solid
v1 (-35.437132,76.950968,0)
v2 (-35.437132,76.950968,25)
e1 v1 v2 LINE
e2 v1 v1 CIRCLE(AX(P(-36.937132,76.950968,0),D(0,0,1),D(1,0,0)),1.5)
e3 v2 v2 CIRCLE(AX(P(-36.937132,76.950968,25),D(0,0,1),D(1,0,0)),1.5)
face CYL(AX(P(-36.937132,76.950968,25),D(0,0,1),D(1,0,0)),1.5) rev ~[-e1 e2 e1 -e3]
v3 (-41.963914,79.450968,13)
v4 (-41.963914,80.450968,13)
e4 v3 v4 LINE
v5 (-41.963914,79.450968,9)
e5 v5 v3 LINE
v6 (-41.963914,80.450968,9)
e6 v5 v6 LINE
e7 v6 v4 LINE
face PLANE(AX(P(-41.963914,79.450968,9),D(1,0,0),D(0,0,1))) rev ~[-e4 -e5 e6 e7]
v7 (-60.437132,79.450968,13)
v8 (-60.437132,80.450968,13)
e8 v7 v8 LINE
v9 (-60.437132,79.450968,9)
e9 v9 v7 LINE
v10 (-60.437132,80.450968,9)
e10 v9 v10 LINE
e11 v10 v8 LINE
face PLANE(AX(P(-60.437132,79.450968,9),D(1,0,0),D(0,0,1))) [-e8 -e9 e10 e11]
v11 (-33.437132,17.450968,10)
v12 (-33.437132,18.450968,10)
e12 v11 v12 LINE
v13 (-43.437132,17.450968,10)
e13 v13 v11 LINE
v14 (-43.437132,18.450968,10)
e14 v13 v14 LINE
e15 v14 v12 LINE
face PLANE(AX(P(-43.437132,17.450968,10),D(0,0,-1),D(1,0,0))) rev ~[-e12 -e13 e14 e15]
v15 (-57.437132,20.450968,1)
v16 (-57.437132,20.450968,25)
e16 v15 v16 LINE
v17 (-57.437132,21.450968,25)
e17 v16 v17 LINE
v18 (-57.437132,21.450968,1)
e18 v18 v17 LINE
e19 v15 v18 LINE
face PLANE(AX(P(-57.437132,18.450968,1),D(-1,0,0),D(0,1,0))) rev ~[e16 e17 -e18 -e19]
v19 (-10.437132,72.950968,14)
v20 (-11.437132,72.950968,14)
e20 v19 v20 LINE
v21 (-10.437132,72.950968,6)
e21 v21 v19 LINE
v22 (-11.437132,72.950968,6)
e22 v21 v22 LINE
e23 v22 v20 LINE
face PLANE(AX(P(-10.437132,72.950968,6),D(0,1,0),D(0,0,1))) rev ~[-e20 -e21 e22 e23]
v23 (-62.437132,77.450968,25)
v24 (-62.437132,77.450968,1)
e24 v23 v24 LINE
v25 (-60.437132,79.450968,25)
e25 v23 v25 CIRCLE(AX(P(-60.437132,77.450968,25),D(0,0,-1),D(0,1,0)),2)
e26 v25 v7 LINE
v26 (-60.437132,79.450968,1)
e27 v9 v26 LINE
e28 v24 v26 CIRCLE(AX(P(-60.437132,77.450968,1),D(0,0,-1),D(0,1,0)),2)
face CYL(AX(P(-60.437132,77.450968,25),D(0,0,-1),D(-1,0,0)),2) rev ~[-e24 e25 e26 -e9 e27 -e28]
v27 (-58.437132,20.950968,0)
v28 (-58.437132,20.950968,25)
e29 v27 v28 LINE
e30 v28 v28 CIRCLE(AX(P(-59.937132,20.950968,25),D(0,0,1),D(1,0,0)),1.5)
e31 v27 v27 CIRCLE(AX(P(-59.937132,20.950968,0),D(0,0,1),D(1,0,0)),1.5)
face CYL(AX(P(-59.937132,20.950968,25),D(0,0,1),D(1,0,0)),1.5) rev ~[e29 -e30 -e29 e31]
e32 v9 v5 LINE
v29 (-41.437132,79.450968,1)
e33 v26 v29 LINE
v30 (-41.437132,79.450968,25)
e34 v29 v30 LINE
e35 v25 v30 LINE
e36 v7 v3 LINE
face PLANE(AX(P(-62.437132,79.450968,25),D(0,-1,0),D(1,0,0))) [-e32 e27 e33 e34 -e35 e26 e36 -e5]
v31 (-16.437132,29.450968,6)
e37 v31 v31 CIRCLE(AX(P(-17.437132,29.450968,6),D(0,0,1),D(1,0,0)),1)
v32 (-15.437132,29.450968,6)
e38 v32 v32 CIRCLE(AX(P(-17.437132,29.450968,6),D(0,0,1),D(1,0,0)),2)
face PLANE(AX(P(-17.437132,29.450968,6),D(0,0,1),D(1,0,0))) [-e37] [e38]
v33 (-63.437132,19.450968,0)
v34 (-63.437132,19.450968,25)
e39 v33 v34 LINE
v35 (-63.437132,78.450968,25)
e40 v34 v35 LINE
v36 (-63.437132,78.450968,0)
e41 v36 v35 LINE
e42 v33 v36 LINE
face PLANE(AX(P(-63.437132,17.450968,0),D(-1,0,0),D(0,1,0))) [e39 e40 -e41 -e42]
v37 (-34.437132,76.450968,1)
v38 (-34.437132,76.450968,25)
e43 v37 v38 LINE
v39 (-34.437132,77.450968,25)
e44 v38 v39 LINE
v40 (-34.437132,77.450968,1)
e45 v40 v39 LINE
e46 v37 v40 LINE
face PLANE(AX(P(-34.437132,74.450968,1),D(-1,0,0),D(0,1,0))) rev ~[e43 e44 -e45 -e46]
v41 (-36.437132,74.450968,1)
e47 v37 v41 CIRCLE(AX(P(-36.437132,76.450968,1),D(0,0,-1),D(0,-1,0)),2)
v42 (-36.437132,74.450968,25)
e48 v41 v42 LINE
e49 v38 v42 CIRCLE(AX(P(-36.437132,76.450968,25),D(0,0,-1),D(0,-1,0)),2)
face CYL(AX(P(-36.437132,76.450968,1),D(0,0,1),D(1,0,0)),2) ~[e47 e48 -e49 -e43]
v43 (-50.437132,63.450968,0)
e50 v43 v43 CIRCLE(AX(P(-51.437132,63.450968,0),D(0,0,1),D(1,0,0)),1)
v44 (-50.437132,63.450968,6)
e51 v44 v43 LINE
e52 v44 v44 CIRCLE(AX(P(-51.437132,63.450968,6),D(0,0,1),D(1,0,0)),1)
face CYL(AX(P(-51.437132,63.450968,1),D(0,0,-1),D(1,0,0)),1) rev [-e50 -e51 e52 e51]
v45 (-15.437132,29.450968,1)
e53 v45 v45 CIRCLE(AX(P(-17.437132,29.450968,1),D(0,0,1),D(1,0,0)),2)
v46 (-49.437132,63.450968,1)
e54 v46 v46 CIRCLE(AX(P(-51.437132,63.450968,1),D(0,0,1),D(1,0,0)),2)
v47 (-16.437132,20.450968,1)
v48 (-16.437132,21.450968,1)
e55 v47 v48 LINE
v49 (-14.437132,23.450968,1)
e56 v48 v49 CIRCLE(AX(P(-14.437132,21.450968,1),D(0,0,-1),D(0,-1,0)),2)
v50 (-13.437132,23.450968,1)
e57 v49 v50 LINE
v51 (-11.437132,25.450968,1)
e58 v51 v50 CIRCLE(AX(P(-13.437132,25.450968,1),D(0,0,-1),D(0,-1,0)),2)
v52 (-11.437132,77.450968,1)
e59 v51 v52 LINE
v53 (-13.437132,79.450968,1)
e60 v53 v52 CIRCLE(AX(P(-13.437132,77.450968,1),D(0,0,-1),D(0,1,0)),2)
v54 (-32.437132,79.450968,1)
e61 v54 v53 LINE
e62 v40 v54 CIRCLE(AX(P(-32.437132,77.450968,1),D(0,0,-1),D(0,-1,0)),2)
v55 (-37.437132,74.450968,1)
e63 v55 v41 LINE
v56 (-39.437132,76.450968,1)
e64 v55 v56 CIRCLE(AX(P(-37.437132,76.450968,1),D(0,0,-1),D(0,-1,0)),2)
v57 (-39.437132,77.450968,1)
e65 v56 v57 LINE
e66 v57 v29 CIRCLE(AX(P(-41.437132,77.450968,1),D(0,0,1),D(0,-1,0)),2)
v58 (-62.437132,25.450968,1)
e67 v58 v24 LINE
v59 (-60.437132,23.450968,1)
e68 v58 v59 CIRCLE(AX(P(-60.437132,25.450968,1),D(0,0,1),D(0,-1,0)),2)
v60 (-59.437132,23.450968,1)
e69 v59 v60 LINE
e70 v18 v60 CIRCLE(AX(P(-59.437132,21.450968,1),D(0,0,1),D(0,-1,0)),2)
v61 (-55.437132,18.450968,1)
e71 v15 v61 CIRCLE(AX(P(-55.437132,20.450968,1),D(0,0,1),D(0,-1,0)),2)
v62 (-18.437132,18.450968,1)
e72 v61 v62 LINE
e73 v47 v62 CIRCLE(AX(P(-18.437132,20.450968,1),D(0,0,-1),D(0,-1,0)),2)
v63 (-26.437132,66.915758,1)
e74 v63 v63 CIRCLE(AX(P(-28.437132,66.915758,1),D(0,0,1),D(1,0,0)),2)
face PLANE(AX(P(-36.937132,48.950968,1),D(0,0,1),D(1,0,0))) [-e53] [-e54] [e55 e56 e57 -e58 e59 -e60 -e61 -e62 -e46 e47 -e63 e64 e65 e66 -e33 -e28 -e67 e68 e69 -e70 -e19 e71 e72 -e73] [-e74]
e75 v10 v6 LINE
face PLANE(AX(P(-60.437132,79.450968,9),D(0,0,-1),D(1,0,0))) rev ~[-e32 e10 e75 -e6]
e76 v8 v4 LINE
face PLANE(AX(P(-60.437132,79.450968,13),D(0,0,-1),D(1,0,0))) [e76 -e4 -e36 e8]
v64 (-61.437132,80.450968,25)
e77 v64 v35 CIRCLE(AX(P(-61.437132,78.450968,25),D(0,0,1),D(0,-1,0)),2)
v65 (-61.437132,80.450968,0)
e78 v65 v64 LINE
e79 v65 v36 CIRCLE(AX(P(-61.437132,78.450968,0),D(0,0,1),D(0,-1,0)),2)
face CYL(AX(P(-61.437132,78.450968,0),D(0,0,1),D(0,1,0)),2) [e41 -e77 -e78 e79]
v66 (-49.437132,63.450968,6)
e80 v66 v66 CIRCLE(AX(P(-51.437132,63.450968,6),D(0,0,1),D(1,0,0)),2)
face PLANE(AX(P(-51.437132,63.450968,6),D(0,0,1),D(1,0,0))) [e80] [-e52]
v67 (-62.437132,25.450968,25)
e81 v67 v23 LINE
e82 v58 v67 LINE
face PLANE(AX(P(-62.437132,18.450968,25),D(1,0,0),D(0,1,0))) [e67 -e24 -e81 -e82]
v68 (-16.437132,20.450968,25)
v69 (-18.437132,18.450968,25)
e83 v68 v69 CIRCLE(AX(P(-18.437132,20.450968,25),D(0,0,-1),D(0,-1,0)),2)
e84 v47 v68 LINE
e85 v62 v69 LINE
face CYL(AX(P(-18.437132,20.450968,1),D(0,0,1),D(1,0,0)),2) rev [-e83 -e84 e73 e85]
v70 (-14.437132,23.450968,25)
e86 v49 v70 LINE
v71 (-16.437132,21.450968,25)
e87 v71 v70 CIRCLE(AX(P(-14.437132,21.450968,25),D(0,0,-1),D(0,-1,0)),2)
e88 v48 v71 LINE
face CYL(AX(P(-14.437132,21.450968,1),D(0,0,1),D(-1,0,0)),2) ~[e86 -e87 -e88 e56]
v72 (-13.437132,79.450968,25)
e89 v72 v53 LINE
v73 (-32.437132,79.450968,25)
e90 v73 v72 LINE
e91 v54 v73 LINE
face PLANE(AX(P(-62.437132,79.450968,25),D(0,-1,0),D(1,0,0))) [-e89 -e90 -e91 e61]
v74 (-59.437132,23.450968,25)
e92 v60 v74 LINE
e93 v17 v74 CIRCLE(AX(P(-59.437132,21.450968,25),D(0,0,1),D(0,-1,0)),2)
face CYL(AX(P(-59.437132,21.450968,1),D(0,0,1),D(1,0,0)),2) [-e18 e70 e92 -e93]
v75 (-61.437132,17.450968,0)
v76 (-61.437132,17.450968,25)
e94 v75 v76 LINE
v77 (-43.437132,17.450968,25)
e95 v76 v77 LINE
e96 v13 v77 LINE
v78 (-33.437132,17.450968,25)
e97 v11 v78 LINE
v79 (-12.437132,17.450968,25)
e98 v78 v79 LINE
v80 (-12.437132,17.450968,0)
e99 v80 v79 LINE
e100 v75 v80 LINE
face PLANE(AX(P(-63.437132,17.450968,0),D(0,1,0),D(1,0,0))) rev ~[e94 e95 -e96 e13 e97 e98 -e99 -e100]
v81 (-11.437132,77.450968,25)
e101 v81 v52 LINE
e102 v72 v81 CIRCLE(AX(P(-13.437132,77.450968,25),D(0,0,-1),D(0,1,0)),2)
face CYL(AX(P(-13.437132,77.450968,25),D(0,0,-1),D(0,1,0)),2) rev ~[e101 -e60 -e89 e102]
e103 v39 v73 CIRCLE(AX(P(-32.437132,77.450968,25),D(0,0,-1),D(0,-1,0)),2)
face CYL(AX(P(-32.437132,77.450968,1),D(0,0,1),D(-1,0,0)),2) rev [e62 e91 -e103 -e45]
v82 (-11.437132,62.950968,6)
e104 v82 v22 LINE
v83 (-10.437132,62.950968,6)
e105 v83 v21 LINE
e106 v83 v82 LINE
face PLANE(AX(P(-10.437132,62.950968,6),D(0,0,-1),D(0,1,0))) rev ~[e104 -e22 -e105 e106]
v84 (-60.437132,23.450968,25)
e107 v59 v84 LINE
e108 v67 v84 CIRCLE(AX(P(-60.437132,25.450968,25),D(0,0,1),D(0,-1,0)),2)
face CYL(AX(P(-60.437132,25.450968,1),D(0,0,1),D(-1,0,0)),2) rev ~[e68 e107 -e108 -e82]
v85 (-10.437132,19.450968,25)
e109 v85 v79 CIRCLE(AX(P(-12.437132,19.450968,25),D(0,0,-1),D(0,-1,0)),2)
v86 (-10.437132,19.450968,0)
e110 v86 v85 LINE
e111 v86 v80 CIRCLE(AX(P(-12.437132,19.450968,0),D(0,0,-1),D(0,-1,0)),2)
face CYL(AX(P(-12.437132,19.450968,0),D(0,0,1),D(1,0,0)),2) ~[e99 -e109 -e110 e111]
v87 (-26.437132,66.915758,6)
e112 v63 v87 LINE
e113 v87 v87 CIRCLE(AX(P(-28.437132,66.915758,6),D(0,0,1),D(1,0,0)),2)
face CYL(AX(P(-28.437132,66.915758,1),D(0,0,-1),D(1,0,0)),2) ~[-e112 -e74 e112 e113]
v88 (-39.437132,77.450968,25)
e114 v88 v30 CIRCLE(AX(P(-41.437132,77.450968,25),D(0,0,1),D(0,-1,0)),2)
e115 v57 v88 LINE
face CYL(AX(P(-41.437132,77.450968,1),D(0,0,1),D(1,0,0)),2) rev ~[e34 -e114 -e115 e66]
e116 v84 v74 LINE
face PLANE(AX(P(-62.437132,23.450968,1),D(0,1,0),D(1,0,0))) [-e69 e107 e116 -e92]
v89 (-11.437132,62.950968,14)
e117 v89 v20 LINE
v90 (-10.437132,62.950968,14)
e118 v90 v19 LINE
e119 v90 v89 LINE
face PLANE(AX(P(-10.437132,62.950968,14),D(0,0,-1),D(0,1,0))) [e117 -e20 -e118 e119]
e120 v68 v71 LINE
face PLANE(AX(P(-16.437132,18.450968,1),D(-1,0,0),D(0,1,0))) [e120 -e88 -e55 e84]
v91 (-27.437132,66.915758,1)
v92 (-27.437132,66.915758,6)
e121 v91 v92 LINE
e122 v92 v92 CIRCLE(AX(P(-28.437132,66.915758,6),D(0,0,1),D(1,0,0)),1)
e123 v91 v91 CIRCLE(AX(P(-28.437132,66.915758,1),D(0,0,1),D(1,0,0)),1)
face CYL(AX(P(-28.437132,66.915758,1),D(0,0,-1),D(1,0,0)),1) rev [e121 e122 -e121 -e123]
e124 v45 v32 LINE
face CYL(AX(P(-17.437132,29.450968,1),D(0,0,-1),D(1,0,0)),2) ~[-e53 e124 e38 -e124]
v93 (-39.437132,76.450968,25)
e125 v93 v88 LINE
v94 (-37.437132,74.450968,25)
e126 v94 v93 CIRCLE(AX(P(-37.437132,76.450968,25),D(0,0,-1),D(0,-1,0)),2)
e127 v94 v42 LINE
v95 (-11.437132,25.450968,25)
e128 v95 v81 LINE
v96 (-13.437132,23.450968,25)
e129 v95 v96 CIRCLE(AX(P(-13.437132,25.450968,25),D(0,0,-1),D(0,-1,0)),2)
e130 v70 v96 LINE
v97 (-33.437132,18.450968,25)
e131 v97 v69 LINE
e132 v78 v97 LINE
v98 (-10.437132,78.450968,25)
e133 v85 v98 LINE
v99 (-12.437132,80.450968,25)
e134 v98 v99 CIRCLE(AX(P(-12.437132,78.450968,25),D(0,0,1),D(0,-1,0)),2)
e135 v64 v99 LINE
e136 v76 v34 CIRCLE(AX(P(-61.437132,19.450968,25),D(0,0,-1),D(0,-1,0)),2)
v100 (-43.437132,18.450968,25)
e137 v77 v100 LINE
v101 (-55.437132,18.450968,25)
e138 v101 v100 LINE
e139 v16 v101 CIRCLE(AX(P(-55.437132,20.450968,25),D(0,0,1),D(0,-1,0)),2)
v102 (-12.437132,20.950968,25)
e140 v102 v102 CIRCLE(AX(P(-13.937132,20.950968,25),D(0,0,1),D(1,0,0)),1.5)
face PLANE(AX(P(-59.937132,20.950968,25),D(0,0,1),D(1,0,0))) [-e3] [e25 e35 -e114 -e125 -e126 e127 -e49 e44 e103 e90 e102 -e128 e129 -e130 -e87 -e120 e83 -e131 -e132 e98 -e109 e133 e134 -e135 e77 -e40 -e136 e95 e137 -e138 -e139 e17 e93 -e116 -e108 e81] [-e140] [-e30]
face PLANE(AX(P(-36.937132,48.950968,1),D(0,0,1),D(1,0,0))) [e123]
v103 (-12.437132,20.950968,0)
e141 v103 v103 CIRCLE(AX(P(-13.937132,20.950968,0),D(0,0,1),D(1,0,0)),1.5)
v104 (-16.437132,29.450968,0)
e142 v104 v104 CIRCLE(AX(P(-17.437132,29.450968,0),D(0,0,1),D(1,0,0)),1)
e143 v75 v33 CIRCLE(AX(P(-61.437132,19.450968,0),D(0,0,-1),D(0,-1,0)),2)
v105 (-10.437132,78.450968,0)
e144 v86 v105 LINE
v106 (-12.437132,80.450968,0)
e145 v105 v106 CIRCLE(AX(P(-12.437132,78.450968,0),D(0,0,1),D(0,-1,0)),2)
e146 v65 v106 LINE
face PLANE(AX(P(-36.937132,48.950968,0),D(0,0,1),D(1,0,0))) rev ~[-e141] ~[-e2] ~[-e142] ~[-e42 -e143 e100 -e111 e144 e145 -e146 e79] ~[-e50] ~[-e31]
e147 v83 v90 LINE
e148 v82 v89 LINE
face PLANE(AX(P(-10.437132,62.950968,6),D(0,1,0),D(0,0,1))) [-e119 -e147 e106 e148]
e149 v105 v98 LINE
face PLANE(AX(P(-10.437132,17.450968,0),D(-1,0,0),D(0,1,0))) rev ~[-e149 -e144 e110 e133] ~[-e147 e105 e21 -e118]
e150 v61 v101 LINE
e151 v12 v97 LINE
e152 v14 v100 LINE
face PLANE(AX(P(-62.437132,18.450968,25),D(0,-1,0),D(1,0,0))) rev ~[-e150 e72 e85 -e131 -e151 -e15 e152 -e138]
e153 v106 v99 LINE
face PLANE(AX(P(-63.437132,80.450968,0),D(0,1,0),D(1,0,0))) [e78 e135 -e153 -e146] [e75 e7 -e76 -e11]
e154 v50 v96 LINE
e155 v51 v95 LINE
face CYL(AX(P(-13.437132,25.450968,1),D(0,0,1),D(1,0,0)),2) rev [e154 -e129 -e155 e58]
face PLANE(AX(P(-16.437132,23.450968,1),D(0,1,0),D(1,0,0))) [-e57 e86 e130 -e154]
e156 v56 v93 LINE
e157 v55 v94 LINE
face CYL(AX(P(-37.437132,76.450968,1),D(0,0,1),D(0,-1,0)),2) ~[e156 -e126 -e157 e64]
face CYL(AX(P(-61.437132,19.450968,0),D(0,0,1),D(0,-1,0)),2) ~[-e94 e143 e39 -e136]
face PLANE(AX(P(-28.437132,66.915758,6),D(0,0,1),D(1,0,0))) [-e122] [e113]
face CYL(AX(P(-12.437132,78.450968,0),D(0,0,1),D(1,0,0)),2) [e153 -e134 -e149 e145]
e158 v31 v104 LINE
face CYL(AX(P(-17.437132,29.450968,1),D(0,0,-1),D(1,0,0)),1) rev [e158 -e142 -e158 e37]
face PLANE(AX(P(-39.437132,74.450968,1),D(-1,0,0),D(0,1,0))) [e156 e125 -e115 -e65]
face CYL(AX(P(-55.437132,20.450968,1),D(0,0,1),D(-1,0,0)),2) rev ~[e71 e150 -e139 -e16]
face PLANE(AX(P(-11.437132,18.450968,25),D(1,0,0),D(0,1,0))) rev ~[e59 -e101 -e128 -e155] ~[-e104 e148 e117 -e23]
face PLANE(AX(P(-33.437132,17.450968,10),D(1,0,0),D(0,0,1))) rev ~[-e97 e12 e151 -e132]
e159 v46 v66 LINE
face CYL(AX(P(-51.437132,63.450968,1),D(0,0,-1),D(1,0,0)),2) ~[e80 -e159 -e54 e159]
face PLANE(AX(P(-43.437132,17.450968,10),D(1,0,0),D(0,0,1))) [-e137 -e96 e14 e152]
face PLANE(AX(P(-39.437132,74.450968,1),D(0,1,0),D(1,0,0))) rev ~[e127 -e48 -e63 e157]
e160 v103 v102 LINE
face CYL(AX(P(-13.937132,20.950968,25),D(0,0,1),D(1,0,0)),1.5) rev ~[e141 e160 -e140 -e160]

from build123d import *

# Parameters (mm, degrees)
F0_W      = 53
F0_H      = 63
F1_DEPTH  = 25
F2_W      = 51
F2_H      = 61
F3_DEPTH  = 24
F4_W      = 5
F4_H      = 5
F5_DEPTH  = 24
F6_R      = 1.5
F7_DEPTH  = 15
F8_R      = 2
F8_R_2    = 1
F9_DEPTH  = 5
F10_DEPTH = 1
F11_R     = 2
F12_R     = 2
F13_R     = 2
F14_R     = 2
F15_W     = 18.4732184559
F15_H     = 4
F16_DEPTH = 1
F17_W     = 10
F17_H     = 15
F18_DEPTH = 1
F19_W     = 10
F19_H     = 8
F20_DEPTH = 1
F21_DEPTH = 15
F22_R     = 2
F22_R_2   = 1
F23_DEPTH = 5


with BuildPart() as f1:
    # F0 (on Top) → F1 (new body)
    with BuildSketch(Plane.XY):
        with Locations((-36.9371324778, 48.9509678861)):
            Rectangle(F0_W, F0_H)
    extrude(amount=F1_DEPTH)

    # F2 (on face) → F3 (cut)
    with BuildSketch(Plane.XY.offset(25)):
        with Locations((-36.9371324778, 48.9509678861)):
            Rectangle(F2_W, F2_H)
    extrude(amount=-F3_DEPTH, mode=Mode.SUBTRACT)

    # F4 (on face) → F5 (join)
    with BuildSketch(Plane.XY.offset(1)):
        with Locations((-36.9371324778, 76.9509678861)):
            Rectangle(F4_W, F4_H)
        with Locations((-59.9371324778, 20.9509678861)):
            Rectangle(F4_W, F4_H)
        with Locations((-13.9371324778, 20.9509678861)):
            Rectangle(F4_W, F4_H)
    extrude(amount=F5_DEPTH)

    # F6 (on face) → F7 (cut)
    with BuildSketch(Plane.XY.offset(25)):
        with Locations((-36.9371324778, 76.9509678861)):
            Circle(F6_R)
        with Locations((-59.9371324778, 20.9509678861)):
            Circle(F6_R)
        with Locations((-13.9371324778, 20.9509678861)):
            Circle(F6_R)
    extrude(amount=-F7_DEPTH, mode=Mode.SUBTRACT)

    # F8 (on face) → F9 (join)
    with BuildSketch(Plane.XY.offset(1)):
        with Locations((-51.4371324778, 63.4509678861)):
            Circle(F8_R)
        with Locations((-51.4371324778, 63.4509678861)):
            Circle(F8_R_2, mode=Mode.SUBTRACT)
        with Locations((-17.4371324778, 29.4509678861)):
            Circle(F8_R)
        with Locations((-17.4371324778, 29.4509678861)):
            Circle(F8_R_2, mode=Mode.SUBTRACT)
    extrude(amount=F9_DEPTH)

    # F10 (cut): faces of the model
    f10_faces = [f1.faces().sort_by_distance(p)[0] for p in [
        (-51.4371324778, 63.4509678861, 1),
        (-17.4371324778, 29.4509678861, 1),
    ]]
    extrude(f10_faces, amount=-F10_DEPTH, mode=Mode.SUBTRACT)

    # F11
    f11_edges = [f1.edges().sort_by_distance(p)[0] for p in [
        (-63.437132, 80.450968, 12.5),
        (-10.437132, 80.450968, 12.5),
        (-10.437132, 17.450968, 12.5),
        (-63.437132, 17.450968, 12.5),
        (-39.437132, 74.450968, 13),
        (-34.437132, 74.450968, 13),
        (-39.437132, 79.450968, 13),
        (-34.437132, 79.450968, 13),
        (-62.437132, 23.450968, 13),
        (-57.437132, 18.450968, 13),
        (-16.437132, 18.450968, 13),
        (-11.437132, 23.450968, 13),
    ]]
    fillet(f11_edges, radius=F11_R)

    # F12
    f12_edges = [f1.edges().sort_by_distance(p)[0] for p in [
        (-57.437132, 23.450968, 13),
        (-16.437132, 23.450968, 13),
    ]]
    fillet(f12_edges, radius=F12_R)

    # F13
    f13_edges = [f1.edges().sort_by_distance(p)[0] for p in [
        (-62.437132, 79.450968, 13),
    ]]
    fillet(f13_edges, radius=F13_R)

    # F14
    f14_edges = [f1.edges().sort_by_distance(p)[0] for p in [
        (-11.437132, 79.450968, 13),
    ]]
    fillet(f14_edges, radius=F14_R)

    # F15 (on face) → F16 (cut)
    with BuildSketch(Plane.XZ.offset(-79.4509678861)):
        with Locations((-51.2005232498, 11)):
            Rectangle(F15_W, F15_H)
    extrude(amount=-F16_DEPTH, mode=Mode.SUBTRACT)

    # F17 (on face) → F18 (cut)
    with BuildSketch(Plane.XZ.offset(-17.4509678861)):
        with Locations((-38.4371324778, 17.5)):
            Rectangle(F17_W, F17_H)
    extrude(amount=-F18_DEPTH, mode=Mode.SUBTRACT)

    # F19 (on face) → F20 (cut)
    with BuildSketch(Plane.YZ.offset(-10.4371324778)):
        with Locations((67.9509678861, 10)):
            Rectangle(F19_W, F19_H)
    extrude(amount=-F20_DEPTH, mode=Mode.SUBTRACT)

    # F21 (cut): faces of the model
    f21_faces = [f1.faces().sort_by_distance(p)[0] for p in [
        (-59.9371324778, 20.9509678861, 10),
        (-13.9371324778, 20.9509678861, 10),
        (-36.9371324778, 76.9509678861, 10),
    ]]
    extrude(f21_faces, amount=-F21_DEPTH, mode=Mode.SUBTRACT)

    # F22 (on face) → F23 (join)
    with BuildSketch(Plane.XY.offset(1)):
        with Locations((-28.4371324778, 66.9157579541)):
            Circle(F22_R)
        with Locations((-28.4371324778, 66.9157579541)):
            Circle(F22_R_2, mode=Mode.SUBTRACT)
    extrude(amount=F23_DEPTH)


solid = f1.part
